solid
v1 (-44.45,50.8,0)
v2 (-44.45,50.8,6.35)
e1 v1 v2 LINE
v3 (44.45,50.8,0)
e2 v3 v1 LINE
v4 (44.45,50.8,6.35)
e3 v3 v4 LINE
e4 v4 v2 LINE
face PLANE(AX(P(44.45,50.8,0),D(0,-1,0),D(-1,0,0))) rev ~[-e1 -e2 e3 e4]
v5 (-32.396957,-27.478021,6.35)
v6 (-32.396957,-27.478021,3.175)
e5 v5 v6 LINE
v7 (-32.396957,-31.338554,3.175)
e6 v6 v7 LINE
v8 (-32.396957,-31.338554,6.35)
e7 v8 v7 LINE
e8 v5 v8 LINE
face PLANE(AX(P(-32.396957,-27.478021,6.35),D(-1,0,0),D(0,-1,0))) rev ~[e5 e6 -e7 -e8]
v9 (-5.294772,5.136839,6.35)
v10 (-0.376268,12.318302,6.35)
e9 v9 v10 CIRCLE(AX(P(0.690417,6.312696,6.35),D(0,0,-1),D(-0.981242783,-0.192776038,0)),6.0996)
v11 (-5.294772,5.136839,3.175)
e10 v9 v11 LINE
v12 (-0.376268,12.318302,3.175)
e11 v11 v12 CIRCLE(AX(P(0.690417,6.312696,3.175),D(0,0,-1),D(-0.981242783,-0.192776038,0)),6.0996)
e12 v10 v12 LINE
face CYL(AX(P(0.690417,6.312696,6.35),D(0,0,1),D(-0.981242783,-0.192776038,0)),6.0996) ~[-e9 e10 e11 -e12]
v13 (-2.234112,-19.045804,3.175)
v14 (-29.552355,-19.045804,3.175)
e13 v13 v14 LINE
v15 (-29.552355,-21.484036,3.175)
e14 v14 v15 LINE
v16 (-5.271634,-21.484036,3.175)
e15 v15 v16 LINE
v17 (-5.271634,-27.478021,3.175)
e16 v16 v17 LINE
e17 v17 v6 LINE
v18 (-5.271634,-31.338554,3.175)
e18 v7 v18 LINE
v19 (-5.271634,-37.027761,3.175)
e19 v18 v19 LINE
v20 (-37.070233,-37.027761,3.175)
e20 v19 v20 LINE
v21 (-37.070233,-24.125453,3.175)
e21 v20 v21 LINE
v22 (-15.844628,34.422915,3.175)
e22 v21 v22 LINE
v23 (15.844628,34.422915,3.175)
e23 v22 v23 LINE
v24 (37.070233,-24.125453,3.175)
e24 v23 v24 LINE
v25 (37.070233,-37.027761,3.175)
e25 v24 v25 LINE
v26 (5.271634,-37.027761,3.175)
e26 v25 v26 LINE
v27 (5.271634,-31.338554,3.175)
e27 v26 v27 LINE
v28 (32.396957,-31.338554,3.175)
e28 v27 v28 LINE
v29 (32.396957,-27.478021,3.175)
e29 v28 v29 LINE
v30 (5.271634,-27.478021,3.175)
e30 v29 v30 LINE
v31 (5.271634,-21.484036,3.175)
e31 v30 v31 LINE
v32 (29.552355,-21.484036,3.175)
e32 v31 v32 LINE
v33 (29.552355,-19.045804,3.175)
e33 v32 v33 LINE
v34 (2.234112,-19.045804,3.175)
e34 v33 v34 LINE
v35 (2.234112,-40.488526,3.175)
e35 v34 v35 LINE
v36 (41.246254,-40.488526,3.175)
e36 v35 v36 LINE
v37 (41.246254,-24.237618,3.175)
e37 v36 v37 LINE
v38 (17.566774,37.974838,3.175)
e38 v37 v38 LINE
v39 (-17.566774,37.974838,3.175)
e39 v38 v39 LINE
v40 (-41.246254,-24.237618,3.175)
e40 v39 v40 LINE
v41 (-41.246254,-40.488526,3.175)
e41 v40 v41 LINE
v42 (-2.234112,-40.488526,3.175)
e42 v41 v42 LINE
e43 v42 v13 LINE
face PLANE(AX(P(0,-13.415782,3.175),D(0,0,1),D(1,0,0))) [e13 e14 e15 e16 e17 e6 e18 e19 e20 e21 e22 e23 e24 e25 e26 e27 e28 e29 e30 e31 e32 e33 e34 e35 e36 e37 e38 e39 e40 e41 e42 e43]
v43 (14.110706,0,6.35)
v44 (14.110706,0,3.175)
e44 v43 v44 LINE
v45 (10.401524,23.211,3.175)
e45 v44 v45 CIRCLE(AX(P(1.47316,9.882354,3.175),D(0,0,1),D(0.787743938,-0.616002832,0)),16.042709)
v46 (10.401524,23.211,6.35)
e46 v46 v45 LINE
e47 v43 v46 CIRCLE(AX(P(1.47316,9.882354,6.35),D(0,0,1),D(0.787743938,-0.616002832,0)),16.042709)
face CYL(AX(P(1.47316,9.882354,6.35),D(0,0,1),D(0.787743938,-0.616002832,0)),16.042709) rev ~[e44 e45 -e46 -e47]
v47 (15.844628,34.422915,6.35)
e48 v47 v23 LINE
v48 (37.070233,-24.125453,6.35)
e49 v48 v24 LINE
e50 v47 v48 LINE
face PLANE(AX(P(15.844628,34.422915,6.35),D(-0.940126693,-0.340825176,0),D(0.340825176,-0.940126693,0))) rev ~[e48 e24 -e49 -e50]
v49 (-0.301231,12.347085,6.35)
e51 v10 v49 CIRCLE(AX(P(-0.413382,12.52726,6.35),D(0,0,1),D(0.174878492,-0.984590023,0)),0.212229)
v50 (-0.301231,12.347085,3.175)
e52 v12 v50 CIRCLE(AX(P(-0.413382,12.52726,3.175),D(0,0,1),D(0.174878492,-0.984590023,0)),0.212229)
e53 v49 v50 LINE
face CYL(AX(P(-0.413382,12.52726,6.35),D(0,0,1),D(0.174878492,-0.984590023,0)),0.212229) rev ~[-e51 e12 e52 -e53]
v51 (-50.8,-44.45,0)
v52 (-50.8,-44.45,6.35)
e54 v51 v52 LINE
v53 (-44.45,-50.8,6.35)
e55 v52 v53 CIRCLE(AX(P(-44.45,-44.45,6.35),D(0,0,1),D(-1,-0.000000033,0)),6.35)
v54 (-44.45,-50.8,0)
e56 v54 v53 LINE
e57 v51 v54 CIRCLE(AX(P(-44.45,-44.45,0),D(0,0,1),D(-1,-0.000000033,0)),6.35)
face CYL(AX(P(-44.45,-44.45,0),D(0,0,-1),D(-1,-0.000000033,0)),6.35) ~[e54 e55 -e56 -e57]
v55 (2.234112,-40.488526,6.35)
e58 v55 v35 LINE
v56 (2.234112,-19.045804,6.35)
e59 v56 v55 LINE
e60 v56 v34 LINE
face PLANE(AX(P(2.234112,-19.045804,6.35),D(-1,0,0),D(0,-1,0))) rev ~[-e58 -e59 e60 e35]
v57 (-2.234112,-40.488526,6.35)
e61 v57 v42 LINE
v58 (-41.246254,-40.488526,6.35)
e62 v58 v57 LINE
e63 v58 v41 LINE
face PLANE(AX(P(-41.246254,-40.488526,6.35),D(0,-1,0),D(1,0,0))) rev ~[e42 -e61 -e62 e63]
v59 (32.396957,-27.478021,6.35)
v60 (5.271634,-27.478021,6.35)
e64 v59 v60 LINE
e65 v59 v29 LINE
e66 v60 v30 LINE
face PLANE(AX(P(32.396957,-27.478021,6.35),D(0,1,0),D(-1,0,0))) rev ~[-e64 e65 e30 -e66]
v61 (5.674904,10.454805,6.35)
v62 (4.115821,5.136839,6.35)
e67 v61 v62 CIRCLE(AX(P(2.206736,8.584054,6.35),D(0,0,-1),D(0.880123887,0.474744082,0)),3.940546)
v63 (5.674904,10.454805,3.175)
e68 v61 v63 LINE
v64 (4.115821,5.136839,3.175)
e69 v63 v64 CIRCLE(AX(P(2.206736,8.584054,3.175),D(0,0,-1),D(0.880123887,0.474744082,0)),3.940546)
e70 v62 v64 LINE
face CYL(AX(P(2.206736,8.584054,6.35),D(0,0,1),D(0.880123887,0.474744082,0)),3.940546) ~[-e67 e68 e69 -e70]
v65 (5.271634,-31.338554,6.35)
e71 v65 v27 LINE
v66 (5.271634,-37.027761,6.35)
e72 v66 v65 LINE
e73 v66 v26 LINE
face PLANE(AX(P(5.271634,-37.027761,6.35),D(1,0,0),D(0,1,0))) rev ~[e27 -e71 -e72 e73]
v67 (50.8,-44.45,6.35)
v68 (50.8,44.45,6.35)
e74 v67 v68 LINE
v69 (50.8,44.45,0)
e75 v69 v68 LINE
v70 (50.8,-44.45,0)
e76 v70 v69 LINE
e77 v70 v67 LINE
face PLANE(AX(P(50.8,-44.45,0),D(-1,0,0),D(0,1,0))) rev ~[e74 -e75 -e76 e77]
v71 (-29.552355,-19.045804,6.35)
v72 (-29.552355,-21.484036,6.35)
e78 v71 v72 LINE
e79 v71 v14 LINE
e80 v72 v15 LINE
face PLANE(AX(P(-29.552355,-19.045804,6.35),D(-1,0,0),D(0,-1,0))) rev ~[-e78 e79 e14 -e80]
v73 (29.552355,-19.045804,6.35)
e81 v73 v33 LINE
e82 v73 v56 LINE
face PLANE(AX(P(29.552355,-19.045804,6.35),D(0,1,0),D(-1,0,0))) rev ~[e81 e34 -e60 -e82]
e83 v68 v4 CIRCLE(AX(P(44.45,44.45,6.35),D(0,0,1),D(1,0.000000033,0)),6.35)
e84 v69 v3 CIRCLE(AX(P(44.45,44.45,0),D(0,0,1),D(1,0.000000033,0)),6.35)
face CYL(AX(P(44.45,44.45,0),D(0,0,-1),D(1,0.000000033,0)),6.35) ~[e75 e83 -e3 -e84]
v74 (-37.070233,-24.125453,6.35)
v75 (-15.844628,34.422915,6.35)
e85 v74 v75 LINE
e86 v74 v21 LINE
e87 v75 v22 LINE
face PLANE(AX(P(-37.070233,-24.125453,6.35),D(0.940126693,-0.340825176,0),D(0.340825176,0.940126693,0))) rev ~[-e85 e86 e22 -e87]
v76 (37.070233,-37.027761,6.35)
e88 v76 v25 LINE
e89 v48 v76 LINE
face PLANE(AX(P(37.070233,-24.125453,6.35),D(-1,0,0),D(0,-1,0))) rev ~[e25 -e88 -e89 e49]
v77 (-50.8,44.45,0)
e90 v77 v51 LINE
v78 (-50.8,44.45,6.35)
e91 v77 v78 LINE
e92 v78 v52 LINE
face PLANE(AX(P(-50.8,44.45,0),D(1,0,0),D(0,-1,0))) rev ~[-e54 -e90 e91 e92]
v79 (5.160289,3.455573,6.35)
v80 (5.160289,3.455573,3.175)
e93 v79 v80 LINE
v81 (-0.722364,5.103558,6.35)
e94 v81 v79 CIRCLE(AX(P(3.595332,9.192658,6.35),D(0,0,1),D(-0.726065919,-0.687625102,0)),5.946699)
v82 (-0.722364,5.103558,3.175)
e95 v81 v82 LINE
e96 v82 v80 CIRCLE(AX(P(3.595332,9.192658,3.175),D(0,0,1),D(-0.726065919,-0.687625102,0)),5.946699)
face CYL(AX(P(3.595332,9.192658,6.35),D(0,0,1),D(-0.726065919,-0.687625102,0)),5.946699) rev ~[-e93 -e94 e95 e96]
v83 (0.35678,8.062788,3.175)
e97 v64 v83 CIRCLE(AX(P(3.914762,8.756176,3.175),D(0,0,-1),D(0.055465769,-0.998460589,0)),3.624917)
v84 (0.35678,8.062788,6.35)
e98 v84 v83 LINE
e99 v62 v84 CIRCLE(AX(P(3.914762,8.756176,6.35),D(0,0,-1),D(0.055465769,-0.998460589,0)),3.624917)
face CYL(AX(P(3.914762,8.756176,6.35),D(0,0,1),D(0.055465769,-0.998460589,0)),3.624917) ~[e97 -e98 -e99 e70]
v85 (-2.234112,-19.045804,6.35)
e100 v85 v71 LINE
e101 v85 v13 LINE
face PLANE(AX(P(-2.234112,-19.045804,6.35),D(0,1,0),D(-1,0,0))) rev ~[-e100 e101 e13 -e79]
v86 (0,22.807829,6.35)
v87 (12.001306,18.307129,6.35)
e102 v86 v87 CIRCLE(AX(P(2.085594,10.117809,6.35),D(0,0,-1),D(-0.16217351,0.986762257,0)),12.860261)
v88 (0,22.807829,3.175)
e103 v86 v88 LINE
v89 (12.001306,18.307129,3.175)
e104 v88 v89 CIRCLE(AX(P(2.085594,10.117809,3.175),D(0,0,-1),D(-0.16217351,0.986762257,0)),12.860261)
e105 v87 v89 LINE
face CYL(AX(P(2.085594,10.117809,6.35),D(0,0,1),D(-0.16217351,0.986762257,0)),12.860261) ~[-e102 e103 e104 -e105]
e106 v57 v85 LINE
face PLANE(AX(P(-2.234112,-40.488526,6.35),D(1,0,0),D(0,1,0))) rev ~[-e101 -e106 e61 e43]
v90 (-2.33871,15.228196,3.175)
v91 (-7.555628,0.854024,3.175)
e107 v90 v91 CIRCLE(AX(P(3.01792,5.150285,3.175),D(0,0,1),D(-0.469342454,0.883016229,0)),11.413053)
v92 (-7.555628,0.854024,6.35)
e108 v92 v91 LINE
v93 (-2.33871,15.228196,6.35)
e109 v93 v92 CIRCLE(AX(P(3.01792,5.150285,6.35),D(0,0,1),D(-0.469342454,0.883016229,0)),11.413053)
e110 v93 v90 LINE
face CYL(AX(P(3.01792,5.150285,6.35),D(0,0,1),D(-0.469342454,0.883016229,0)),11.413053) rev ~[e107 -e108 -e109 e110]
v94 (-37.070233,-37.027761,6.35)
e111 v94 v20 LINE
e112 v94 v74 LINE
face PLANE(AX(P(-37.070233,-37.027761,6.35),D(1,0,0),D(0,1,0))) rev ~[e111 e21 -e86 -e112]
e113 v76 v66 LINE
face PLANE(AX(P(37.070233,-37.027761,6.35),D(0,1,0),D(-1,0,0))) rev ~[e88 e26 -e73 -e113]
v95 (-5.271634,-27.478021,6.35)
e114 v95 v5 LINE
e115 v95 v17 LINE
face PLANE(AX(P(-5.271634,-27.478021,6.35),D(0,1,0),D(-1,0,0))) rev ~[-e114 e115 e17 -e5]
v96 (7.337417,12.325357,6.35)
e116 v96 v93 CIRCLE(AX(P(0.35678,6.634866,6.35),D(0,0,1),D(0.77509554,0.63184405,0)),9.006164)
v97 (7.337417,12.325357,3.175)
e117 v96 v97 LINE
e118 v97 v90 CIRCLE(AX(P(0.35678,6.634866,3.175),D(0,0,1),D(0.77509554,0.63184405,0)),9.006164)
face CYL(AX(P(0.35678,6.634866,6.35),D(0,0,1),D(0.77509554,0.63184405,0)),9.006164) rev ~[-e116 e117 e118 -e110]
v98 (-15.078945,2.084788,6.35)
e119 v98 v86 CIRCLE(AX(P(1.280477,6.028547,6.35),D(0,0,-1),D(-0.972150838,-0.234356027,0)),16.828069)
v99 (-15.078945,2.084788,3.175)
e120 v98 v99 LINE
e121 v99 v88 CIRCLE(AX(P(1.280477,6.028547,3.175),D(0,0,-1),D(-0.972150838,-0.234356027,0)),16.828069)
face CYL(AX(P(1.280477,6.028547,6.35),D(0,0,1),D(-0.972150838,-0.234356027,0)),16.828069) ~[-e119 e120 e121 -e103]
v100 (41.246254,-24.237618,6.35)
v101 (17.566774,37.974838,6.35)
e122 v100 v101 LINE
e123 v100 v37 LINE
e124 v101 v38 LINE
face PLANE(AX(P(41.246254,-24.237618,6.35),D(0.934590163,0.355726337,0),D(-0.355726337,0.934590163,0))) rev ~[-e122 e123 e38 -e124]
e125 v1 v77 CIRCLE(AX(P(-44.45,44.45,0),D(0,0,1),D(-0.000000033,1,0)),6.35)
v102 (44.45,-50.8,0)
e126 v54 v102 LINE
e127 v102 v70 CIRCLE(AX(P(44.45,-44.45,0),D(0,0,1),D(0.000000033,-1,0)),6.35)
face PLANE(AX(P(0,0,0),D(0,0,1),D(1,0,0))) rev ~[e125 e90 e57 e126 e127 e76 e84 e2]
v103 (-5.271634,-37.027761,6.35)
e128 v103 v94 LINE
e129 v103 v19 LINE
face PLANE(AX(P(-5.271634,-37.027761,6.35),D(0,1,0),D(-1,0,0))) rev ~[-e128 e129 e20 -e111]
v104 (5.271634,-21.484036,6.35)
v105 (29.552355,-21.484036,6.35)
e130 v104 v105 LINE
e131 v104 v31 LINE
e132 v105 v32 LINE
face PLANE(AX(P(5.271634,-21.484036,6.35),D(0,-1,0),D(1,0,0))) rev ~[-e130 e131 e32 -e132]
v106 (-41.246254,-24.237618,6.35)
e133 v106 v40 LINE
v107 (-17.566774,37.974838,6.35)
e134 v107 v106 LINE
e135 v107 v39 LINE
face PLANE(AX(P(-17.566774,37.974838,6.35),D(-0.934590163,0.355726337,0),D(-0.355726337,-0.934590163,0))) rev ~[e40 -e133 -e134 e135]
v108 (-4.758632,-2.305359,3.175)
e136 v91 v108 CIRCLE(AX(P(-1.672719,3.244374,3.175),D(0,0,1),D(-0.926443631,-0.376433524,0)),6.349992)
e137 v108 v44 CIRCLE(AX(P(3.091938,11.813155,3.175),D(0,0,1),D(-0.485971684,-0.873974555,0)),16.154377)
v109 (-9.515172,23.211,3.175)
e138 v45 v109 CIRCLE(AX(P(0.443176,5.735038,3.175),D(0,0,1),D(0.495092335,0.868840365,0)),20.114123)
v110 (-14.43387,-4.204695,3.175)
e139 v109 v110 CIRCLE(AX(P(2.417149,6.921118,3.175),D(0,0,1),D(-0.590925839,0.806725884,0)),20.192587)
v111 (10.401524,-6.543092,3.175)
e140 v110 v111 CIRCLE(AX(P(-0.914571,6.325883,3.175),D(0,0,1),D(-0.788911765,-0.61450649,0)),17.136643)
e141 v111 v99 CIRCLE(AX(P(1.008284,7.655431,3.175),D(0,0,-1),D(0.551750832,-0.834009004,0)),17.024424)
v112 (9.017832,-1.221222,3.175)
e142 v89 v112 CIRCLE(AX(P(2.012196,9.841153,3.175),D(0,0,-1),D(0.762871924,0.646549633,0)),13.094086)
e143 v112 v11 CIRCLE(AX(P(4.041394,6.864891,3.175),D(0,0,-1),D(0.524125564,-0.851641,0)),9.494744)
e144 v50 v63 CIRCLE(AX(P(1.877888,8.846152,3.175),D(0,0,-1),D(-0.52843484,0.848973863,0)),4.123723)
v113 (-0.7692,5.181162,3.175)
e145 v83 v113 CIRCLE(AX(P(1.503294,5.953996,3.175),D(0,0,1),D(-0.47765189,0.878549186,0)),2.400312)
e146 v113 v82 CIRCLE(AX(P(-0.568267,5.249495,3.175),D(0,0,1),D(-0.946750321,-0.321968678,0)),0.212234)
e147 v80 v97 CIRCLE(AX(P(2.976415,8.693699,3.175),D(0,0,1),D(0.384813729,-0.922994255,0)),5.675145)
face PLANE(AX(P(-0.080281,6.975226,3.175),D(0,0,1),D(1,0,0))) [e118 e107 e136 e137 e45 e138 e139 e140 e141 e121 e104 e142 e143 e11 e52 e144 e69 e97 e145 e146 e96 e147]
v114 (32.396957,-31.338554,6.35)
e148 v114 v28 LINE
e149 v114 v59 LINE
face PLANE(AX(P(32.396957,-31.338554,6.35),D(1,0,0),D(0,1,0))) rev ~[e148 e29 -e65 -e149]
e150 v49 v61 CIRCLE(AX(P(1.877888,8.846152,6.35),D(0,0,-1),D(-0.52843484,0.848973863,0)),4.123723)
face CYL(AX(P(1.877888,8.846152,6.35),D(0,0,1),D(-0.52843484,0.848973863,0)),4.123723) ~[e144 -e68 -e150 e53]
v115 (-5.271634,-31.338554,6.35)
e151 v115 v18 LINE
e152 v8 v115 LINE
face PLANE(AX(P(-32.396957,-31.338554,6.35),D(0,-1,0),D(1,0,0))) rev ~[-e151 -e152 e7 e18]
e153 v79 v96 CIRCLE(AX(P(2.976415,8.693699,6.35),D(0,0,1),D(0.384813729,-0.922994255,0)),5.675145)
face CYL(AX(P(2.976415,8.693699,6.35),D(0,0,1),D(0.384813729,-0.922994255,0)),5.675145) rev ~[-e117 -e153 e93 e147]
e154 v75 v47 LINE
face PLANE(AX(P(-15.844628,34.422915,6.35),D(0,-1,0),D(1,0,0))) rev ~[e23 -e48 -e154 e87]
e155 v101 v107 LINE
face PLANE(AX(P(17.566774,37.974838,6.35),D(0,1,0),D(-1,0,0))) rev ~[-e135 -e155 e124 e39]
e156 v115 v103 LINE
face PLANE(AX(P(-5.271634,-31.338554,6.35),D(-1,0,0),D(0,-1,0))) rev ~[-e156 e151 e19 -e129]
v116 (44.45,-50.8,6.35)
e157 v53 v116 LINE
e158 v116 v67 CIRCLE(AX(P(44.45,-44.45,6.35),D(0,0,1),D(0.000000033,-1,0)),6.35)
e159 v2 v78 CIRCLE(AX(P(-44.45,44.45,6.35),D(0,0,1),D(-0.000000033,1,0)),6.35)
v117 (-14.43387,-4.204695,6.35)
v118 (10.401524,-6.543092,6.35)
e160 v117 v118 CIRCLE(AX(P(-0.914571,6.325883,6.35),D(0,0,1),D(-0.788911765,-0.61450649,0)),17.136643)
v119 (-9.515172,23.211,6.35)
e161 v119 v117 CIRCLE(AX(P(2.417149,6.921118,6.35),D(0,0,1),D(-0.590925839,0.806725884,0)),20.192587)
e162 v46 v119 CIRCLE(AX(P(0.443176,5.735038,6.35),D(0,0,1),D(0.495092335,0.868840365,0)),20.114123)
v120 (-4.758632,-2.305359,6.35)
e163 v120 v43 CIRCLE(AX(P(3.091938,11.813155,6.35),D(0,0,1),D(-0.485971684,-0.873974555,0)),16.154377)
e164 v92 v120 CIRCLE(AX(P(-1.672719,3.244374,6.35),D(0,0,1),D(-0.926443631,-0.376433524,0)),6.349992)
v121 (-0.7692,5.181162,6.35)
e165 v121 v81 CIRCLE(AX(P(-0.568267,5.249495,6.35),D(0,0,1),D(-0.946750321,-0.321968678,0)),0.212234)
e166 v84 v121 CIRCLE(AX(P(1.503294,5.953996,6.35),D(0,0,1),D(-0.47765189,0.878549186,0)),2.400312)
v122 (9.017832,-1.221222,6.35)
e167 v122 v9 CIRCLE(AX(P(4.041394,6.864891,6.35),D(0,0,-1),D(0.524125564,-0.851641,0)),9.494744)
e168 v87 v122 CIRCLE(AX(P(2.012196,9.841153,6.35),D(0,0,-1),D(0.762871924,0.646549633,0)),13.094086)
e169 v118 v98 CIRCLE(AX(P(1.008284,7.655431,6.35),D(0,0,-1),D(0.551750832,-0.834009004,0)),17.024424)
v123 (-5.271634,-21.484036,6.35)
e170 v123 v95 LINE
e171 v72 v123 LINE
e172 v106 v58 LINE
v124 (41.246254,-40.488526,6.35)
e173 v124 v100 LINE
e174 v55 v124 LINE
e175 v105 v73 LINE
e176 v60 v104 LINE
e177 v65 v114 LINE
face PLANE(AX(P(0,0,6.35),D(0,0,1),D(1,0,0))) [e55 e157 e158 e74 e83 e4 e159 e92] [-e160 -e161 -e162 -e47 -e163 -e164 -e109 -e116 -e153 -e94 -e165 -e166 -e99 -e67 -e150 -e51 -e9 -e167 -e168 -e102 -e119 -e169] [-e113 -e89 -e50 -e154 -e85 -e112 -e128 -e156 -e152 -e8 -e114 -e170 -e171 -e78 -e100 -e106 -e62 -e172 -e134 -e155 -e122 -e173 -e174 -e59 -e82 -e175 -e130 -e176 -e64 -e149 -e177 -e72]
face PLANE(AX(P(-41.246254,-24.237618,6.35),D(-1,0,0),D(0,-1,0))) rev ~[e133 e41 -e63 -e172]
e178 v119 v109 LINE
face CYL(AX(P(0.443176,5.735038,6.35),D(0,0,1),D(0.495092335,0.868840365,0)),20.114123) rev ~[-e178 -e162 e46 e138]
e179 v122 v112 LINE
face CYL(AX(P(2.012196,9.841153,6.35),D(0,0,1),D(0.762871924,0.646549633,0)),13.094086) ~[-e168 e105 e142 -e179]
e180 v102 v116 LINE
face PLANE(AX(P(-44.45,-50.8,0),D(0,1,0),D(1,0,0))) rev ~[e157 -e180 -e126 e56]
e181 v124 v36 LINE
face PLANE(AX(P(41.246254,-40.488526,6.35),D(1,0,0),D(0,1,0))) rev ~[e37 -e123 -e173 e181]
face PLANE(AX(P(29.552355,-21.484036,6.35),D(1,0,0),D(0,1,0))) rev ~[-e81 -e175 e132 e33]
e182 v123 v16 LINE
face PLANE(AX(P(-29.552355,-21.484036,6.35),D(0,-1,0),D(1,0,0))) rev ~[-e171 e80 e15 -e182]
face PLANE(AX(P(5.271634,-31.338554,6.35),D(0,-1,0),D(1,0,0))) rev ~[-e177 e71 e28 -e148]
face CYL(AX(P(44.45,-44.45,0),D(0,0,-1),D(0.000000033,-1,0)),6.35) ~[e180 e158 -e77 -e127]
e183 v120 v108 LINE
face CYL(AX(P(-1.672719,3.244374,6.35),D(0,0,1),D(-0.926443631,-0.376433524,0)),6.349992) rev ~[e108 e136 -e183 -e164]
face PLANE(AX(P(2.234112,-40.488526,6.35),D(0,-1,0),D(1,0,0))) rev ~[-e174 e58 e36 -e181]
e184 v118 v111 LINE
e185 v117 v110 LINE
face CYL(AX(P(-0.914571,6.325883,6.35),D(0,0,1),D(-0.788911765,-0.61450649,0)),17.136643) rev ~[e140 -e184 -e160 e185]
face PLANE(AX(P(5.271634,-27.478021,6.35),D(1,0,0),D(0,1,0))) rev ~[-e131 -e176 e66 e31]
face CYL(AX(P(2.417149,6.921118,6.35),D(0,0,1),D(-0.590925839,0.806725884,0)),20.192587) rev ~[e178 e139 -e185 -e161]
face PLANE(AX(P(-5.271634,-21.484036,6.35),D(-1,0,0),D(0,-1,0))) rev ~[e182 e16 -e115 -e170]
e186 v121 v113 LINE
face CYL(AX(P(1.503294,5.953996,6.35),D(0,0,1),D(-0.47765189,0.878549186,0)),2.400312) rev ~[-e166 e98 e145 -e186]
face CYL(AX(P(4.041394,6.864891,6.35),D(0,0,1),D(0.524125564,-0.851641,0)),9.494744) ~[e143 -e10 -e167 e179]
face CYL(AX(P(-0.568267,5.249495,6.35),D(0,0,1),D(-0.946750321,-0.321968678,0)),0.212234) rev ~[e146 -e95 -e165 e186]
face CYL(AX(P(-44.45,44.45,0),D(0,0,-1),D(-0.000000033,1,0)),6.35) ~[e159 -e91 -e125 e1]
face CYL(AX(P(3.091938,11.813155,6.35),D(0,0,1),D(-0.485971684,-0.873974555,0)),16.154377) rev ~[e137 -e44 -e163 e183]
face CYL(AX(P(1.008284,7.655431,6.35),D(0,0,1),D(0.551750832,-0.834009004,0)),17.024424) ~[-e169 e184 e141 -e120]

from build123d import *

# Parameters (mm, degrees)
F1_DEPTH = 6.35
F3_DEPTH = 3.175


with BuildPart() as f1:
    # F0 (on Top) → F1 (new body)
    with BuildSketch(Plane.XY):
        with BuildLine():
            Line((44.45, 50.8), (-44.45, 50.8))
            ThreePointArc((-44.45, 50.8), (-48.940128, 48.940128), (-50.8, 44.45))
            Line((-50.8, 44.45), (-50.8, -44.45))
            ThreePointArc((-50.8, -44.45), (-48.940128, -48.940128), (-44.45, -50.8))
            Line((-44.45, -50.8), (44.45, -50.8))
            ThreePointArc((44.45, -50.8), (48.940128, -48.940128), (50.8, -44.45))
            Line((50.8, -44.45), (50.8, 44.45))
            ThreePointArc((50.8, 44.45), (48.940128, 48.940128), (44.45, 50.8))
        make_face()
    extrude(amount=F1_DEPTH)

    # F2 (on face) → F3 (cut)
    with BuildSketch(Plane.XY.offset(6.35)):
        Polygon((-2.234112, -19.045804), (-29.552355, -19.045804), (-29.552355, -21.484036), (-5.271634, -21.484036), (-5.271634, -27.478021), (-32.396957, -27.478021), (-32.396957, -31.338554), (-5.271634, -31.338554), (-5.271634, -37.027761), (-37.070233, -37.027761), (-37.070233, -24.125453), (-15.844628, 34.422915), (0, 34.422915), (15.844628, 34.422915), (37.070233, -24.125453), (37.070233, -37.027761), (5.271634, -37.027761), (5.271634, -31.338554), (32.396957, -31.338554), (32.396957, -27.478021), (5.271634, -27.478021), (5.271634, -21.484036), (29.552355, -21.484036), (29.552355, -19.045804), (2.234112, -19.045804), (2.234112, -40.488526), (41.246254, -40.488526), (41.246254, -24.237618), (17.566774, 37.974838), (0, 37.974838), (-17.566774, 37.974838), (-41.246254, -24.237618), (-41.246254, -40.488526), (-2.234112, -40.488526), align=None)
        with BuildLine():
            ThreePointArc((-9.515172, 23.211), (-17.458093, 10.48697), (-14.43387, -4.204695))
            ThreePointArc((-14.43387, -4.204695), (-2.520981, -10.7353), (10.401524, -6.543092))
            ThreePointArc((10.401524, -6.543092), (-4.451794, -8.46966), (-15.078945, 2.084788))
            ThreePointArc((-15.078945, 2.084788), (-12.326603, 15.929623), (0, 22.807829))
            ThreePointArc((0, 22.807829), (6.601318, 22.159177), (12.001306, 18.307129))
            ThreePointArc((12.001306, 18.307129), (14.956093, 7.863629), (9.017832, -1.221222))
            ThreePointArc((9.017832, -1.221222), (0.186781, -1.812212), (-5.294772, 5.136839))
            ThreePointArc((-5.294772, 5.136839), (-4.342036, 9.759367), (-0.376268, 12.318302))
            ThreePointArc((-0.376268, 12.318302), (-0.337375, 12.329109), (-0.301231, 12.347085))
            ThreePointArc((-0.301231, 12.347085), (3.122709, 12.777502), (5.674904, 10.454805))
            ThreePointArc((5.674904, 10.454805), (5.988125, 7.475454), (4.115821, 5.136839))
            ThreePointArc((4.115821, 5.136839), (1.688211, 5.89567), (0.35678, 8.062788))
            ThreePointArc((0.35678, 8.062788), (-0.732404, 6.827583), (-0.7692, 5.181162))
            ThreePointArc((-0.7692, 5.181162), (-0.749973, 5.13983), (-0.722364, 5.103558))
            ThreePointArc((-0.722364, 5.103558), (1.991164, 3.466413), (5.160289, 3.455573))
            ThreePointArc((5.160289, 3.455573), (8.487959, 7.340866), (7.337417, 12.325357))
            ThreePointArc((7.337417, 12.325357), (2.944683, 15.261206), (-2.33871, 15.228196))
            ThreePointArc((-2.33871, 15.228196), (-7.7104, 9.043988), (-7.555628, 0.854024))
            ThreePointArc((-7.555628, 0.854024), (-6.427229, -0.964786), (-4.758632, -2.305359))
            ThreePointArc((-4.758632, -2.305359), (5.051029, -4.221989), (14.110706, 0))
            ThreePointArc((14.110706, 0), (17.314869, 12.413903), (10.401524, 23.211))
            ThreePointArc((10.401524, 23.211), (0.443176, 25.849161), (-9.515172, 23.211))
        make_face()
    extrude(amount=-F3_DEPTH, mode=Mode.SUBTRACT)


solid = f1.part
